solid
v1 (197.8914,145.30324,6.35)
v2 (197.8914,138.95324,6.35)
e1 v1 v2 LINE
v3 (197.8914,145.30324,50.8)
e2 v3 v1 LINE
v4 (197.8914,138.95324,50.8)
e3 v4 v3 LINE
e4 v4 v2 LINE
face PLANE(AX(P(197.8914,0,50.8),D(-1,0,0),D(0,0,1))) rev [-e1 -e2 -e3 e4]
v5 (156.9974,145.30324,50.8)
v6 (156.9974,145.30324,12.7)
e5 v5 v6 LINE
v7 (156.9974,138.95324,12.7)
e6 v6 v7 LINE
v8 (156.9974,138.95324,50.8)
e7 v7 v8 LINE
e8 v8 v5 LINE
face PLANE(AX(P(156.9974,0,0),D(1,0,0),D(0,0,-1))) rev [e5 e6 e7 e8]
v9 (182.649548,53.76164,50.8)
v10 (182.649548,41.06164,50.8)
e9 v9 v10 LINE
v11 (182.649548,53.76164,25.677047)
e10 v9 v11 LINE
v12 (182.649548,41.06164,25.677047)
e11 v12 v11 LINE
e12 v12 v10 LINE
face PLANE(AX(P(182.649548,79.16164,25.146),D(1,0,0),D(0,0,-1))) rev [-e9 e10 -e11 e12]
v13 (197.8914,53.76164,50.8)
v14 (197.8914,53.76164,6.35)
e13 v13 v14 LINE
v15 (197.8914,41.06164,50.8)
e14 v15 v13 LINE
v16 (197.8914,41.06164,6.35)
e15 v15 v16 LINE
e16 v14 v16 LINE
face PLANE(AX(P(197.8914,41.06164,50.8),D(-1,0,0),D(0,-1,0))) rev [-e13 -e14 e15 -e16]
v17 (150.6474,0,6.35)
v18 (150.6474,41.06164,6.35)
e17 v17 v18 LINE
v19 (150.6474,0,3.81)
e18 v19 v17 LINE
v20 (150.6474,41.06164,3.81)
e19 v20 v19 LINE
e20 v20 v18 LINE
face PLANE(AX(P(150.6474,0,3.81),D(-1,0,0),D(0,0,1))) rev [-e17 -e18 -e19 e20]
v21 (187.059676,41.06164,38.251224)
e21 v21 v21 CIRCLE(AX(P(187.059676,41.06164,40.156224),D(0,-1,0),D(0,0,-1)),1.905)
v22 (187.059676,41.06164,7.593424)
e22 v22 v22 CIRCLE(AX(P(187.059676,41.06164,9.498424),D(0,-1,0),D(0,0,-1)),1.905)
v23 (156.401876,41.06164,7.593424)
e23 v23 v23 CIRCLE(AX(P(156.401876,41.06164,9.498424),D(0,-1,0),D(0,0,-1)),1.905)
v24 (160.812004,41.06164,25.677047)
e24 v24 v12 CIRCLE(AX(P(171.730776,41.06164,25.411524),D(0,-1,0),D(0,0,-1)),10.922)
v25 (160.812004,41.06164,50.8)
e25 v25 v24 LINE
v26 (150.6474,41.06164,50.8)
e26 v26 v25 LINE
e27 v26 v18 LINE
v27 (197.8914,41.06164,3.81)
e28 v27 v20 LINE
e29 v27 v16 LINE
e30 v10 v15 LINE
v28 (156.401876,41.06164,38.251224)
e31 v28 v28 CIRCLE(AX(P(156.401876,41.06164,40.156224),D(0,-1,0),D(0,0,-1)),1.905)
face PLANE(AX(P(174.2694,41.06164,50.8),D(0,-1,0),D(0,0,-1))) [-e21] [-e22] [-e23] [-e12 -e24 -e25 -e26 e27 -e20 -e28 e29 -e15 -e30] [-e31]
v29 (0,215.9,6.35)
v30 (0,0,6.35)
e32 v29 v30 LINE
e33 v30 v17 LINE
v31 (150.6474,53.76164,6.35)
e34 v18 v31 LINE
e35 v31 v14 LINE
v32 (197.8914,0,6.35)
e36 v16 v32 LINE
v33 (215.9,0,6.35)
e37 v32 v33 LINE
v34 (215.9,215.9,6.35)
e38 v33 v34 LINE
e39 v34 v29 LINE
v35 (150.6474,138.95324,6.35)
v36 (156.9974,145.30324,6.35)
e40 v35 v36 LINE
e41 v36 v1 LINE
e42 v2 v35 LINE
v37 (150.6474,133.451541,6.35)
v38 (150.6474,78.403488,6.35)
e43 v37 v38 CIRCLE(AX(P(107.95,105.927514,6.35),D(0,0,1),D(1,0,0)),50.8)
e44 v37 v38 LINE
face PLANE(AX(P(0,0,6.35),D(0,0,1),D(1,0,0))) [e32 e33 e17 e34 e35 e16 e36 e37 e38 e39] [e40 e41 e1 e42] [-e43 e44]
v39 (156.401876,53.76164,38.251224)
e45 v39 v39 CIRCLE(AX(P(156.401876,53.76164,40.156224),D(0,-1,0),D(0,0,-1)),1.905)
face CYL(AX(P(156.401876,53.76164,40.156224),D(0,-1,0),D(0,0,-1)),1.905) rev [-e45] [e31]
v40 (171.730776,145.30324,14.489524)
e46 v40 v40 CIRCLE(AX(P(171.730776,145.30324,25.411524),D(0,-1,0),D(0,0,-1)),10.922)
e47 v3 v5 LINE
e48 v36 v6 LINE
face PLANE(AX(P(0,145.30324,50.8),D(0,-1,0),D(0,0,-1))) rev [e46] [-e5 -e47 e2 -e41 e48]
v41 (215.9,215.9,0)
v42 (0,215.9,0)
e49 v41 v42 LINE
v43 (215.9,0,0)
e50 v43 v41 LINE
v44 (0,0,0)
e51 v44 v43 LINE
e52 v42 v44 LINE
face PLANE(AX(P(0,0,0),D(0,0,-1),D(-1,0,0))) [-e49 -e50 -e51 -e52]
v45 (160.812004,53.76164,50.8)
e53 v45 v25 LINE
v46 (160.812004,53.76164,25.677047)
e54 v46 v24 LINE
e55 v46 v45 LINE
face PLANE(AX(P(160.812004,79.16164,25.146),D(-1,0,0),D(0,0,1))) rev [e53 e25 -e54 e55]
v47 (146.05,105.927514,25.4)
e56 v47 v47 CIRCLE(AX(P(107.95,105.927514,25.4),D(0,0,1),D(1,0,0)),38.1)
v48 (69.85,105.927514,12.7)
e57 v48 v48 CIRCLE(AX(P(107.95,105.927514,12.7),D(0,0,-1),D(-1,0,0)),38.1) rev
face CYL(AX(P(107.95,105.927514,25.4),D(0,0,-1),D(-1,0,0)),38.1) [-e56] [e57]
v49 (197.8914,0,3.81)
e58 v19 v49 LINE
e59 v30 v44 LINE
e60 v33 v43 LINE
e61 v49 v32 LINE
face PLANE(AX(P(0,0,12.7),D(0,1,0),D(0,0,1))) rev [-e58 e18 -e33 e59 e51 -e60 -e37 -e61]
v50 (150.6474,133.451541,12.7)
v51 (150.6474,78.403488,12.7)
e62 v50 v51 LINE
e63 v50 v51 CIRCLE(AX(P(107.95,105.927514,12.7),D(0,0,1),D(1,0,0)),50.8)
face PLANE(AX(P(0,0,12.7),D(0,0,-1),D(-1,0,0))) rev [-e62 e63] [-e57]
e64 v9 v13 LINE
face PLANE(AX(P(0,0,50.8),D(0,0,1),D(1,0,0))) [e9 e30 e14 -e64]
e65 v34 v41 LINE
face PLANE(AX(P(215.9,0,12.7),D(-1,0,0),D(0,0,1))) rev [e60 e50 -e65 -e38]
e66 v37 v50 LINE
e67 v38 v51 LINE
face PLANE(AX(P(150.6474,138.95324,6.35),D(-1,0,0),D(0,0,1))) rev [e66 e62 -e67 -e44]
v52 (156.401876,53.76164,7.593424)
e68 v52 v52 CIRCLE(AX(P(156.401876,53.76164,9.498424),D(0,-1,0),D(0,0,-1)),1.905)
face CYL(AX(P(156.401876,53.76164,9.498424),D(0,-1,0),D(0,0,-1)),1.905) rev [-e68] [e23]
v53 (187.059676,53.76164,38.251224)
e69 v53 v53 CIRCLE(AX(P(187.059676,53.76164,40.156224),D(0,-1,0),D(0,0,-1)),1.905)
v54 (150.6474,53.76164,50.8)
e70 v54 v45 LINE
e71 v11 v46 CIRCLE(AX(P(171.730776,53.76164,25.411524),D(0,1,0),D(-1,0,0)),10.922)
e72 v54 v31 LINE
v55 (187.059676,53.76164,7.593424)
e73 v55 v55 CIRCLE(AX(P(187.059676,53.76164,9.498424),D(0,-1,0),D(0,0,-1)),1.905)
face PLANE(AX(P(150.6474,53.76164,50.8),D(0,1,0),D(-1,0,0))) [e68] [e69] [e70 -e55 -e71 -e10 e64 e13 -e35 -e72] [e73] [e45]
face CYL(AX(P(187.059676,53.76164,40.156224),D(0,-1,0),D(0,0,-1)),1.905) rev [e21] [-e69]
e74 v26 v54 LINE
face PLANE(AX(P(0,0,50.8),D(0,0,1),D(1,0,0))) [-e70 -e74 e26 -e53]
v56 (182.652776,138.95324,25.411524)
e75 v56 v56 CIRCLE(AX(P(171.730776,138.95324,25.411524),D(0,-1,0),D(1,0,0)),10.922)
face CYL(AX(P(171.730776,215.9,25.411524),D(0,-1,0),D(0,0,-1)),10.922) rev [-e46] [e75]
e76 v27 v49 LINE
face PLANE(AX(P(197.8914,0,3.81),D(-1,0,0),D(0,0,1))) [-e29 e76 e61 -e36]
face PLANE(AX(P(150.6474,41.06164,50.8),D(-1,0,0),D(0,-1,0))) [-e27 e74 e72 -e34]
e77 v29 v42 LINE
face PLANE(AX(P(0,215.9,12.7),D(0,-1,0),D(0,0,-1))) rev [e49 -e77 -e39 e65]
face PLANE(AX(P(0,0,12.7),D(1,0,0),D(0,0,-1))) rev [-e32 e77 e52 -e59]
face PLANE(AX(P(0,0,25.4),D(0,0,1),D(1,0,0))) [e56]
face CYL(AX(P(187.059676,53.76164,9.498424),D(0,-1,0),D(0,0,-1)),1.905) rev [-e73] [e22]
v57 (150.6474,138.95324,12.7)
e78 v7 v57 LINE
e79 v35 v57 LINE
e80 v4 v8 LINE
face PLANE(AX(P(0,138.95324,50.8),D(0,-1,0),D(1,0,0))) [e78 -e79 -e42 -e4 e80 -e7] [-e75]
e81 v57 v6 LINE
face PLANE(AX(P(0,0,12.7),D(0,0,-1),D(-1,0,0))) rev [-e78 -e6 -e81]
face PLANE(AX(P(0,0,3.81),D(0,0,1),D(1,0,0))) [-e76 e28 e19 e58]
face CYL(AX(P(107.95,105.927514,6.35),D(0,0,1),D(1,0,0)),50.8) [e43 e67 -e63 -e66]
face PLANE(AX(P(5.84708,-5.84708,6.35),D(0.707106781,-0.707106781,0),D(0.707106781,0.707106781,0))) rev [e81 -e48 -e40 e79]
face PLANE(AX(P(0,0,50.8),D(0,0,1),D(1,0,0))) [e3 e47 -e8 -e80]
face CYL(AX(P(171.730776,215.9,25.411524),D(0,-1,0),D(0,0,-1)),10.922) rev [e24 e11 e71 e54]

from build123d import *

# Parameters (mm, degrees)
SKETCH1_W           = 215.9
SKETCH1_H           = 215.9
BOSS_EXTRUDE1_DEPTH = 12.7
BOSS_EXTRUDE2_DEPTH = 38.1
SKETCH4_W           = 47.244
SKETCH4_H           = 41.06164
CUT_EXTRUDE1_DEPTH  = 8.89
SKETCH6_W           = 47.244
SKETCH6_H           = 6.35
BOSS_EXTRUDE3_DEPTH = 38.1
SKETCH5_R           = 10.922
CUT_EXTRUDE2_DEPTH  = 175.83836
CUT_EXTRUDE4_DEPTH  = 38.1
SKETCH9_W           = 47.244
SKETCH9_H           = 85.1916
CUT_EXTRUDE5_DEPTH  = 6.35
SKETCH12_R          = 38.1
BOSS_EXTRUDE4_DEPTH = 12.7
SKETCH14_W          = 38.1
SKETCH14_H          = 6.35
CUT_EXTRUDE7_DEPTH  = 6.35
SKETCH10_R          = 1.905
CUT_EXTRUDE9_DEPTH  = 12.7
CUT_EXTRUDE10_DEPTH = 6.35


with BuildPart() as part:
    # Sketch1 → Boss-Extrude1 (new body)
    with BuildSketch(Plane.XY):
        with Locations((107.95, 107.95)):
            Rectangle(SKETCH1_W, SKETCH1_H)
    extrude(amount=BOSS_EXTRUDE1_DEPTH)

    # Sketch2 → Boss-Extrude2 (add)
    with BuildSketch(Plane.XY.offset(12.7)):
        Polygon((174.2694, 41.06164), (197.8914, 41.06164), (197.8914, 53.76164), (150.6474, 53.76164), (150.6474, 41.06164), align=None)
    extrude(amount=BOSS_EXTRUDE2_DEPTH)

    # Sketch4 → Cut-Extrude1 (cut)
    with BuildSketch(Plane.XY.offset(12.7)):
        with Locations((174.2694, 20.53082)):
            Rectangle(SKETCH4_W, SKETCH4_H)
    extrude(amount=-CUT_EXTRUDE1_DEPTH, mode=Mode.SUBTRACT)

    # Sketch6 → Boss-Extrude3 (add)
    with BuildSketch(Plane.XY.offset(12.7)):
        with Locations((174.2694, 142.12824)):
            Rectangle(SKETCH6_W, SKETCH6_H)
    extrude(amount=BOSS_EXTRUDE3_DEPTH)

    # Sketch5 → Cut-Extrude2 (cut, through all)
    with BuildSketch(Plane.XZ.offset(-41.06164)):
        with Locations((171.730776396, 25.411523701)):
            Circle(SKETCH5_R)
    extrude(amount=-CUT_EXTRUDE2_DEPTH, mode=Mode.SUBTRACT)

    # Sketch8 → Cut-Extrude4 (cut)
    with BuildSketch(Plane.XZ.offset(-41.06164)):
        with BuildLine():
            Line((160.812004434, 25.146), (160.812004434, 50.8))
            Line((160.812004434, 50.8), (182.649548358, 50.8))
            Line((182.649548358, 50.8), (182.649548358, 25.146))
            ThreePointArc((182.649548358, 25.146), (171.730776396, 36.064771962), (160.812004434, 25.146))
        make_face()
    extrude(amount=-CUT_EXTRUDE4_DEPTH, mode=Mode.SUBTRACT)

    # Sketch9 → Cut-Extrude5 (cut)
    with BuildSketch(Plane.XY.offset(12.7)):
        with Locations((174.2694, 96.35744)):
            Rectangle(SKETCH9_W, SKETCH9_H)
    extrude(amount=-CUT_EXTRUDE5_DEPTH, mode=Mode.SUBTRACT)

    # Sketch12 → Boss-Extrude4 (add)
    with BuildSketch(Plane.XY.offset(12.7)):
        with Locations((107.95, 105.927514247)):
            Circle(SKETCH12_R)
    extrude(amount=BOSS_EXTRUDE4_DEPTH)

    # Sketch14 → Cut-Extrude7 (cut)
    with BuildSketch(Plane.ZY.offset(-150.6474)):
        with Locations((31.75, 142.12824)):
            Rectangle(SKETCH14_W, SKETCH14_H)
    extrude(amount=-CUT_EXTRUDE7_DEPTH, mode=Mode.SUBTRACT)

    # Sketch10 → Cut-Extrude9 (cut)
    with BuildSketch(Plane.XZ.offset(-41.06164)):
        with Locations((187.059676396, 9.498423701)):
            Circle(SKETCH10_R)
        with Locations((156.401876396, 9.498423701)):
            Circle(SKETCH10_R)
        with Locations((156.401876396, 40.156223701)):
            Circle(SKETCH10_R)
        with Locations((187.059676396, 40.156223701)):
            Circle(SKETCH10_R)
    extrude(amount=-CUT_EXTRUDE9_DEPTH, mode=Mode.SUBTRACT)

    # Sketch15 → Cut-Extrude10 (cut)
    with BuildSketch(Plane.XY.offset(12.7)):
        with BuildLine():
            Line((197.8914, 145.30324), (197.8914, 0))
            Line((197.8914, 0), (215.9, 0))
            Line((215.9, 0), (215.9, 215.9))
            Line((215.9, 215.9), (0, 215.9))
            Line((0, 215.9), (0, 0))
            Line((0, 0), (150.6474, 0))
            Line((150.6474, 0), (150.6474, 78.403487774))
            ThreePointArc((150.6474, 78.403487774), (57.15, 105.927514247), (150.6474, 133.451540719))
            Line((150.6474, 133.451540719), (150.6474, 138.95324))
            Line((150.6474, 138.95324), (156.9974, 145.30324))
            Line((156.9974, 145.30324), (197.8914, 145.30324))
        make_face()
    extrude(amount=-CUT_EXTRUDE10_DEPTH, mode=Mode.SUBTRACT)


solid = part.part
